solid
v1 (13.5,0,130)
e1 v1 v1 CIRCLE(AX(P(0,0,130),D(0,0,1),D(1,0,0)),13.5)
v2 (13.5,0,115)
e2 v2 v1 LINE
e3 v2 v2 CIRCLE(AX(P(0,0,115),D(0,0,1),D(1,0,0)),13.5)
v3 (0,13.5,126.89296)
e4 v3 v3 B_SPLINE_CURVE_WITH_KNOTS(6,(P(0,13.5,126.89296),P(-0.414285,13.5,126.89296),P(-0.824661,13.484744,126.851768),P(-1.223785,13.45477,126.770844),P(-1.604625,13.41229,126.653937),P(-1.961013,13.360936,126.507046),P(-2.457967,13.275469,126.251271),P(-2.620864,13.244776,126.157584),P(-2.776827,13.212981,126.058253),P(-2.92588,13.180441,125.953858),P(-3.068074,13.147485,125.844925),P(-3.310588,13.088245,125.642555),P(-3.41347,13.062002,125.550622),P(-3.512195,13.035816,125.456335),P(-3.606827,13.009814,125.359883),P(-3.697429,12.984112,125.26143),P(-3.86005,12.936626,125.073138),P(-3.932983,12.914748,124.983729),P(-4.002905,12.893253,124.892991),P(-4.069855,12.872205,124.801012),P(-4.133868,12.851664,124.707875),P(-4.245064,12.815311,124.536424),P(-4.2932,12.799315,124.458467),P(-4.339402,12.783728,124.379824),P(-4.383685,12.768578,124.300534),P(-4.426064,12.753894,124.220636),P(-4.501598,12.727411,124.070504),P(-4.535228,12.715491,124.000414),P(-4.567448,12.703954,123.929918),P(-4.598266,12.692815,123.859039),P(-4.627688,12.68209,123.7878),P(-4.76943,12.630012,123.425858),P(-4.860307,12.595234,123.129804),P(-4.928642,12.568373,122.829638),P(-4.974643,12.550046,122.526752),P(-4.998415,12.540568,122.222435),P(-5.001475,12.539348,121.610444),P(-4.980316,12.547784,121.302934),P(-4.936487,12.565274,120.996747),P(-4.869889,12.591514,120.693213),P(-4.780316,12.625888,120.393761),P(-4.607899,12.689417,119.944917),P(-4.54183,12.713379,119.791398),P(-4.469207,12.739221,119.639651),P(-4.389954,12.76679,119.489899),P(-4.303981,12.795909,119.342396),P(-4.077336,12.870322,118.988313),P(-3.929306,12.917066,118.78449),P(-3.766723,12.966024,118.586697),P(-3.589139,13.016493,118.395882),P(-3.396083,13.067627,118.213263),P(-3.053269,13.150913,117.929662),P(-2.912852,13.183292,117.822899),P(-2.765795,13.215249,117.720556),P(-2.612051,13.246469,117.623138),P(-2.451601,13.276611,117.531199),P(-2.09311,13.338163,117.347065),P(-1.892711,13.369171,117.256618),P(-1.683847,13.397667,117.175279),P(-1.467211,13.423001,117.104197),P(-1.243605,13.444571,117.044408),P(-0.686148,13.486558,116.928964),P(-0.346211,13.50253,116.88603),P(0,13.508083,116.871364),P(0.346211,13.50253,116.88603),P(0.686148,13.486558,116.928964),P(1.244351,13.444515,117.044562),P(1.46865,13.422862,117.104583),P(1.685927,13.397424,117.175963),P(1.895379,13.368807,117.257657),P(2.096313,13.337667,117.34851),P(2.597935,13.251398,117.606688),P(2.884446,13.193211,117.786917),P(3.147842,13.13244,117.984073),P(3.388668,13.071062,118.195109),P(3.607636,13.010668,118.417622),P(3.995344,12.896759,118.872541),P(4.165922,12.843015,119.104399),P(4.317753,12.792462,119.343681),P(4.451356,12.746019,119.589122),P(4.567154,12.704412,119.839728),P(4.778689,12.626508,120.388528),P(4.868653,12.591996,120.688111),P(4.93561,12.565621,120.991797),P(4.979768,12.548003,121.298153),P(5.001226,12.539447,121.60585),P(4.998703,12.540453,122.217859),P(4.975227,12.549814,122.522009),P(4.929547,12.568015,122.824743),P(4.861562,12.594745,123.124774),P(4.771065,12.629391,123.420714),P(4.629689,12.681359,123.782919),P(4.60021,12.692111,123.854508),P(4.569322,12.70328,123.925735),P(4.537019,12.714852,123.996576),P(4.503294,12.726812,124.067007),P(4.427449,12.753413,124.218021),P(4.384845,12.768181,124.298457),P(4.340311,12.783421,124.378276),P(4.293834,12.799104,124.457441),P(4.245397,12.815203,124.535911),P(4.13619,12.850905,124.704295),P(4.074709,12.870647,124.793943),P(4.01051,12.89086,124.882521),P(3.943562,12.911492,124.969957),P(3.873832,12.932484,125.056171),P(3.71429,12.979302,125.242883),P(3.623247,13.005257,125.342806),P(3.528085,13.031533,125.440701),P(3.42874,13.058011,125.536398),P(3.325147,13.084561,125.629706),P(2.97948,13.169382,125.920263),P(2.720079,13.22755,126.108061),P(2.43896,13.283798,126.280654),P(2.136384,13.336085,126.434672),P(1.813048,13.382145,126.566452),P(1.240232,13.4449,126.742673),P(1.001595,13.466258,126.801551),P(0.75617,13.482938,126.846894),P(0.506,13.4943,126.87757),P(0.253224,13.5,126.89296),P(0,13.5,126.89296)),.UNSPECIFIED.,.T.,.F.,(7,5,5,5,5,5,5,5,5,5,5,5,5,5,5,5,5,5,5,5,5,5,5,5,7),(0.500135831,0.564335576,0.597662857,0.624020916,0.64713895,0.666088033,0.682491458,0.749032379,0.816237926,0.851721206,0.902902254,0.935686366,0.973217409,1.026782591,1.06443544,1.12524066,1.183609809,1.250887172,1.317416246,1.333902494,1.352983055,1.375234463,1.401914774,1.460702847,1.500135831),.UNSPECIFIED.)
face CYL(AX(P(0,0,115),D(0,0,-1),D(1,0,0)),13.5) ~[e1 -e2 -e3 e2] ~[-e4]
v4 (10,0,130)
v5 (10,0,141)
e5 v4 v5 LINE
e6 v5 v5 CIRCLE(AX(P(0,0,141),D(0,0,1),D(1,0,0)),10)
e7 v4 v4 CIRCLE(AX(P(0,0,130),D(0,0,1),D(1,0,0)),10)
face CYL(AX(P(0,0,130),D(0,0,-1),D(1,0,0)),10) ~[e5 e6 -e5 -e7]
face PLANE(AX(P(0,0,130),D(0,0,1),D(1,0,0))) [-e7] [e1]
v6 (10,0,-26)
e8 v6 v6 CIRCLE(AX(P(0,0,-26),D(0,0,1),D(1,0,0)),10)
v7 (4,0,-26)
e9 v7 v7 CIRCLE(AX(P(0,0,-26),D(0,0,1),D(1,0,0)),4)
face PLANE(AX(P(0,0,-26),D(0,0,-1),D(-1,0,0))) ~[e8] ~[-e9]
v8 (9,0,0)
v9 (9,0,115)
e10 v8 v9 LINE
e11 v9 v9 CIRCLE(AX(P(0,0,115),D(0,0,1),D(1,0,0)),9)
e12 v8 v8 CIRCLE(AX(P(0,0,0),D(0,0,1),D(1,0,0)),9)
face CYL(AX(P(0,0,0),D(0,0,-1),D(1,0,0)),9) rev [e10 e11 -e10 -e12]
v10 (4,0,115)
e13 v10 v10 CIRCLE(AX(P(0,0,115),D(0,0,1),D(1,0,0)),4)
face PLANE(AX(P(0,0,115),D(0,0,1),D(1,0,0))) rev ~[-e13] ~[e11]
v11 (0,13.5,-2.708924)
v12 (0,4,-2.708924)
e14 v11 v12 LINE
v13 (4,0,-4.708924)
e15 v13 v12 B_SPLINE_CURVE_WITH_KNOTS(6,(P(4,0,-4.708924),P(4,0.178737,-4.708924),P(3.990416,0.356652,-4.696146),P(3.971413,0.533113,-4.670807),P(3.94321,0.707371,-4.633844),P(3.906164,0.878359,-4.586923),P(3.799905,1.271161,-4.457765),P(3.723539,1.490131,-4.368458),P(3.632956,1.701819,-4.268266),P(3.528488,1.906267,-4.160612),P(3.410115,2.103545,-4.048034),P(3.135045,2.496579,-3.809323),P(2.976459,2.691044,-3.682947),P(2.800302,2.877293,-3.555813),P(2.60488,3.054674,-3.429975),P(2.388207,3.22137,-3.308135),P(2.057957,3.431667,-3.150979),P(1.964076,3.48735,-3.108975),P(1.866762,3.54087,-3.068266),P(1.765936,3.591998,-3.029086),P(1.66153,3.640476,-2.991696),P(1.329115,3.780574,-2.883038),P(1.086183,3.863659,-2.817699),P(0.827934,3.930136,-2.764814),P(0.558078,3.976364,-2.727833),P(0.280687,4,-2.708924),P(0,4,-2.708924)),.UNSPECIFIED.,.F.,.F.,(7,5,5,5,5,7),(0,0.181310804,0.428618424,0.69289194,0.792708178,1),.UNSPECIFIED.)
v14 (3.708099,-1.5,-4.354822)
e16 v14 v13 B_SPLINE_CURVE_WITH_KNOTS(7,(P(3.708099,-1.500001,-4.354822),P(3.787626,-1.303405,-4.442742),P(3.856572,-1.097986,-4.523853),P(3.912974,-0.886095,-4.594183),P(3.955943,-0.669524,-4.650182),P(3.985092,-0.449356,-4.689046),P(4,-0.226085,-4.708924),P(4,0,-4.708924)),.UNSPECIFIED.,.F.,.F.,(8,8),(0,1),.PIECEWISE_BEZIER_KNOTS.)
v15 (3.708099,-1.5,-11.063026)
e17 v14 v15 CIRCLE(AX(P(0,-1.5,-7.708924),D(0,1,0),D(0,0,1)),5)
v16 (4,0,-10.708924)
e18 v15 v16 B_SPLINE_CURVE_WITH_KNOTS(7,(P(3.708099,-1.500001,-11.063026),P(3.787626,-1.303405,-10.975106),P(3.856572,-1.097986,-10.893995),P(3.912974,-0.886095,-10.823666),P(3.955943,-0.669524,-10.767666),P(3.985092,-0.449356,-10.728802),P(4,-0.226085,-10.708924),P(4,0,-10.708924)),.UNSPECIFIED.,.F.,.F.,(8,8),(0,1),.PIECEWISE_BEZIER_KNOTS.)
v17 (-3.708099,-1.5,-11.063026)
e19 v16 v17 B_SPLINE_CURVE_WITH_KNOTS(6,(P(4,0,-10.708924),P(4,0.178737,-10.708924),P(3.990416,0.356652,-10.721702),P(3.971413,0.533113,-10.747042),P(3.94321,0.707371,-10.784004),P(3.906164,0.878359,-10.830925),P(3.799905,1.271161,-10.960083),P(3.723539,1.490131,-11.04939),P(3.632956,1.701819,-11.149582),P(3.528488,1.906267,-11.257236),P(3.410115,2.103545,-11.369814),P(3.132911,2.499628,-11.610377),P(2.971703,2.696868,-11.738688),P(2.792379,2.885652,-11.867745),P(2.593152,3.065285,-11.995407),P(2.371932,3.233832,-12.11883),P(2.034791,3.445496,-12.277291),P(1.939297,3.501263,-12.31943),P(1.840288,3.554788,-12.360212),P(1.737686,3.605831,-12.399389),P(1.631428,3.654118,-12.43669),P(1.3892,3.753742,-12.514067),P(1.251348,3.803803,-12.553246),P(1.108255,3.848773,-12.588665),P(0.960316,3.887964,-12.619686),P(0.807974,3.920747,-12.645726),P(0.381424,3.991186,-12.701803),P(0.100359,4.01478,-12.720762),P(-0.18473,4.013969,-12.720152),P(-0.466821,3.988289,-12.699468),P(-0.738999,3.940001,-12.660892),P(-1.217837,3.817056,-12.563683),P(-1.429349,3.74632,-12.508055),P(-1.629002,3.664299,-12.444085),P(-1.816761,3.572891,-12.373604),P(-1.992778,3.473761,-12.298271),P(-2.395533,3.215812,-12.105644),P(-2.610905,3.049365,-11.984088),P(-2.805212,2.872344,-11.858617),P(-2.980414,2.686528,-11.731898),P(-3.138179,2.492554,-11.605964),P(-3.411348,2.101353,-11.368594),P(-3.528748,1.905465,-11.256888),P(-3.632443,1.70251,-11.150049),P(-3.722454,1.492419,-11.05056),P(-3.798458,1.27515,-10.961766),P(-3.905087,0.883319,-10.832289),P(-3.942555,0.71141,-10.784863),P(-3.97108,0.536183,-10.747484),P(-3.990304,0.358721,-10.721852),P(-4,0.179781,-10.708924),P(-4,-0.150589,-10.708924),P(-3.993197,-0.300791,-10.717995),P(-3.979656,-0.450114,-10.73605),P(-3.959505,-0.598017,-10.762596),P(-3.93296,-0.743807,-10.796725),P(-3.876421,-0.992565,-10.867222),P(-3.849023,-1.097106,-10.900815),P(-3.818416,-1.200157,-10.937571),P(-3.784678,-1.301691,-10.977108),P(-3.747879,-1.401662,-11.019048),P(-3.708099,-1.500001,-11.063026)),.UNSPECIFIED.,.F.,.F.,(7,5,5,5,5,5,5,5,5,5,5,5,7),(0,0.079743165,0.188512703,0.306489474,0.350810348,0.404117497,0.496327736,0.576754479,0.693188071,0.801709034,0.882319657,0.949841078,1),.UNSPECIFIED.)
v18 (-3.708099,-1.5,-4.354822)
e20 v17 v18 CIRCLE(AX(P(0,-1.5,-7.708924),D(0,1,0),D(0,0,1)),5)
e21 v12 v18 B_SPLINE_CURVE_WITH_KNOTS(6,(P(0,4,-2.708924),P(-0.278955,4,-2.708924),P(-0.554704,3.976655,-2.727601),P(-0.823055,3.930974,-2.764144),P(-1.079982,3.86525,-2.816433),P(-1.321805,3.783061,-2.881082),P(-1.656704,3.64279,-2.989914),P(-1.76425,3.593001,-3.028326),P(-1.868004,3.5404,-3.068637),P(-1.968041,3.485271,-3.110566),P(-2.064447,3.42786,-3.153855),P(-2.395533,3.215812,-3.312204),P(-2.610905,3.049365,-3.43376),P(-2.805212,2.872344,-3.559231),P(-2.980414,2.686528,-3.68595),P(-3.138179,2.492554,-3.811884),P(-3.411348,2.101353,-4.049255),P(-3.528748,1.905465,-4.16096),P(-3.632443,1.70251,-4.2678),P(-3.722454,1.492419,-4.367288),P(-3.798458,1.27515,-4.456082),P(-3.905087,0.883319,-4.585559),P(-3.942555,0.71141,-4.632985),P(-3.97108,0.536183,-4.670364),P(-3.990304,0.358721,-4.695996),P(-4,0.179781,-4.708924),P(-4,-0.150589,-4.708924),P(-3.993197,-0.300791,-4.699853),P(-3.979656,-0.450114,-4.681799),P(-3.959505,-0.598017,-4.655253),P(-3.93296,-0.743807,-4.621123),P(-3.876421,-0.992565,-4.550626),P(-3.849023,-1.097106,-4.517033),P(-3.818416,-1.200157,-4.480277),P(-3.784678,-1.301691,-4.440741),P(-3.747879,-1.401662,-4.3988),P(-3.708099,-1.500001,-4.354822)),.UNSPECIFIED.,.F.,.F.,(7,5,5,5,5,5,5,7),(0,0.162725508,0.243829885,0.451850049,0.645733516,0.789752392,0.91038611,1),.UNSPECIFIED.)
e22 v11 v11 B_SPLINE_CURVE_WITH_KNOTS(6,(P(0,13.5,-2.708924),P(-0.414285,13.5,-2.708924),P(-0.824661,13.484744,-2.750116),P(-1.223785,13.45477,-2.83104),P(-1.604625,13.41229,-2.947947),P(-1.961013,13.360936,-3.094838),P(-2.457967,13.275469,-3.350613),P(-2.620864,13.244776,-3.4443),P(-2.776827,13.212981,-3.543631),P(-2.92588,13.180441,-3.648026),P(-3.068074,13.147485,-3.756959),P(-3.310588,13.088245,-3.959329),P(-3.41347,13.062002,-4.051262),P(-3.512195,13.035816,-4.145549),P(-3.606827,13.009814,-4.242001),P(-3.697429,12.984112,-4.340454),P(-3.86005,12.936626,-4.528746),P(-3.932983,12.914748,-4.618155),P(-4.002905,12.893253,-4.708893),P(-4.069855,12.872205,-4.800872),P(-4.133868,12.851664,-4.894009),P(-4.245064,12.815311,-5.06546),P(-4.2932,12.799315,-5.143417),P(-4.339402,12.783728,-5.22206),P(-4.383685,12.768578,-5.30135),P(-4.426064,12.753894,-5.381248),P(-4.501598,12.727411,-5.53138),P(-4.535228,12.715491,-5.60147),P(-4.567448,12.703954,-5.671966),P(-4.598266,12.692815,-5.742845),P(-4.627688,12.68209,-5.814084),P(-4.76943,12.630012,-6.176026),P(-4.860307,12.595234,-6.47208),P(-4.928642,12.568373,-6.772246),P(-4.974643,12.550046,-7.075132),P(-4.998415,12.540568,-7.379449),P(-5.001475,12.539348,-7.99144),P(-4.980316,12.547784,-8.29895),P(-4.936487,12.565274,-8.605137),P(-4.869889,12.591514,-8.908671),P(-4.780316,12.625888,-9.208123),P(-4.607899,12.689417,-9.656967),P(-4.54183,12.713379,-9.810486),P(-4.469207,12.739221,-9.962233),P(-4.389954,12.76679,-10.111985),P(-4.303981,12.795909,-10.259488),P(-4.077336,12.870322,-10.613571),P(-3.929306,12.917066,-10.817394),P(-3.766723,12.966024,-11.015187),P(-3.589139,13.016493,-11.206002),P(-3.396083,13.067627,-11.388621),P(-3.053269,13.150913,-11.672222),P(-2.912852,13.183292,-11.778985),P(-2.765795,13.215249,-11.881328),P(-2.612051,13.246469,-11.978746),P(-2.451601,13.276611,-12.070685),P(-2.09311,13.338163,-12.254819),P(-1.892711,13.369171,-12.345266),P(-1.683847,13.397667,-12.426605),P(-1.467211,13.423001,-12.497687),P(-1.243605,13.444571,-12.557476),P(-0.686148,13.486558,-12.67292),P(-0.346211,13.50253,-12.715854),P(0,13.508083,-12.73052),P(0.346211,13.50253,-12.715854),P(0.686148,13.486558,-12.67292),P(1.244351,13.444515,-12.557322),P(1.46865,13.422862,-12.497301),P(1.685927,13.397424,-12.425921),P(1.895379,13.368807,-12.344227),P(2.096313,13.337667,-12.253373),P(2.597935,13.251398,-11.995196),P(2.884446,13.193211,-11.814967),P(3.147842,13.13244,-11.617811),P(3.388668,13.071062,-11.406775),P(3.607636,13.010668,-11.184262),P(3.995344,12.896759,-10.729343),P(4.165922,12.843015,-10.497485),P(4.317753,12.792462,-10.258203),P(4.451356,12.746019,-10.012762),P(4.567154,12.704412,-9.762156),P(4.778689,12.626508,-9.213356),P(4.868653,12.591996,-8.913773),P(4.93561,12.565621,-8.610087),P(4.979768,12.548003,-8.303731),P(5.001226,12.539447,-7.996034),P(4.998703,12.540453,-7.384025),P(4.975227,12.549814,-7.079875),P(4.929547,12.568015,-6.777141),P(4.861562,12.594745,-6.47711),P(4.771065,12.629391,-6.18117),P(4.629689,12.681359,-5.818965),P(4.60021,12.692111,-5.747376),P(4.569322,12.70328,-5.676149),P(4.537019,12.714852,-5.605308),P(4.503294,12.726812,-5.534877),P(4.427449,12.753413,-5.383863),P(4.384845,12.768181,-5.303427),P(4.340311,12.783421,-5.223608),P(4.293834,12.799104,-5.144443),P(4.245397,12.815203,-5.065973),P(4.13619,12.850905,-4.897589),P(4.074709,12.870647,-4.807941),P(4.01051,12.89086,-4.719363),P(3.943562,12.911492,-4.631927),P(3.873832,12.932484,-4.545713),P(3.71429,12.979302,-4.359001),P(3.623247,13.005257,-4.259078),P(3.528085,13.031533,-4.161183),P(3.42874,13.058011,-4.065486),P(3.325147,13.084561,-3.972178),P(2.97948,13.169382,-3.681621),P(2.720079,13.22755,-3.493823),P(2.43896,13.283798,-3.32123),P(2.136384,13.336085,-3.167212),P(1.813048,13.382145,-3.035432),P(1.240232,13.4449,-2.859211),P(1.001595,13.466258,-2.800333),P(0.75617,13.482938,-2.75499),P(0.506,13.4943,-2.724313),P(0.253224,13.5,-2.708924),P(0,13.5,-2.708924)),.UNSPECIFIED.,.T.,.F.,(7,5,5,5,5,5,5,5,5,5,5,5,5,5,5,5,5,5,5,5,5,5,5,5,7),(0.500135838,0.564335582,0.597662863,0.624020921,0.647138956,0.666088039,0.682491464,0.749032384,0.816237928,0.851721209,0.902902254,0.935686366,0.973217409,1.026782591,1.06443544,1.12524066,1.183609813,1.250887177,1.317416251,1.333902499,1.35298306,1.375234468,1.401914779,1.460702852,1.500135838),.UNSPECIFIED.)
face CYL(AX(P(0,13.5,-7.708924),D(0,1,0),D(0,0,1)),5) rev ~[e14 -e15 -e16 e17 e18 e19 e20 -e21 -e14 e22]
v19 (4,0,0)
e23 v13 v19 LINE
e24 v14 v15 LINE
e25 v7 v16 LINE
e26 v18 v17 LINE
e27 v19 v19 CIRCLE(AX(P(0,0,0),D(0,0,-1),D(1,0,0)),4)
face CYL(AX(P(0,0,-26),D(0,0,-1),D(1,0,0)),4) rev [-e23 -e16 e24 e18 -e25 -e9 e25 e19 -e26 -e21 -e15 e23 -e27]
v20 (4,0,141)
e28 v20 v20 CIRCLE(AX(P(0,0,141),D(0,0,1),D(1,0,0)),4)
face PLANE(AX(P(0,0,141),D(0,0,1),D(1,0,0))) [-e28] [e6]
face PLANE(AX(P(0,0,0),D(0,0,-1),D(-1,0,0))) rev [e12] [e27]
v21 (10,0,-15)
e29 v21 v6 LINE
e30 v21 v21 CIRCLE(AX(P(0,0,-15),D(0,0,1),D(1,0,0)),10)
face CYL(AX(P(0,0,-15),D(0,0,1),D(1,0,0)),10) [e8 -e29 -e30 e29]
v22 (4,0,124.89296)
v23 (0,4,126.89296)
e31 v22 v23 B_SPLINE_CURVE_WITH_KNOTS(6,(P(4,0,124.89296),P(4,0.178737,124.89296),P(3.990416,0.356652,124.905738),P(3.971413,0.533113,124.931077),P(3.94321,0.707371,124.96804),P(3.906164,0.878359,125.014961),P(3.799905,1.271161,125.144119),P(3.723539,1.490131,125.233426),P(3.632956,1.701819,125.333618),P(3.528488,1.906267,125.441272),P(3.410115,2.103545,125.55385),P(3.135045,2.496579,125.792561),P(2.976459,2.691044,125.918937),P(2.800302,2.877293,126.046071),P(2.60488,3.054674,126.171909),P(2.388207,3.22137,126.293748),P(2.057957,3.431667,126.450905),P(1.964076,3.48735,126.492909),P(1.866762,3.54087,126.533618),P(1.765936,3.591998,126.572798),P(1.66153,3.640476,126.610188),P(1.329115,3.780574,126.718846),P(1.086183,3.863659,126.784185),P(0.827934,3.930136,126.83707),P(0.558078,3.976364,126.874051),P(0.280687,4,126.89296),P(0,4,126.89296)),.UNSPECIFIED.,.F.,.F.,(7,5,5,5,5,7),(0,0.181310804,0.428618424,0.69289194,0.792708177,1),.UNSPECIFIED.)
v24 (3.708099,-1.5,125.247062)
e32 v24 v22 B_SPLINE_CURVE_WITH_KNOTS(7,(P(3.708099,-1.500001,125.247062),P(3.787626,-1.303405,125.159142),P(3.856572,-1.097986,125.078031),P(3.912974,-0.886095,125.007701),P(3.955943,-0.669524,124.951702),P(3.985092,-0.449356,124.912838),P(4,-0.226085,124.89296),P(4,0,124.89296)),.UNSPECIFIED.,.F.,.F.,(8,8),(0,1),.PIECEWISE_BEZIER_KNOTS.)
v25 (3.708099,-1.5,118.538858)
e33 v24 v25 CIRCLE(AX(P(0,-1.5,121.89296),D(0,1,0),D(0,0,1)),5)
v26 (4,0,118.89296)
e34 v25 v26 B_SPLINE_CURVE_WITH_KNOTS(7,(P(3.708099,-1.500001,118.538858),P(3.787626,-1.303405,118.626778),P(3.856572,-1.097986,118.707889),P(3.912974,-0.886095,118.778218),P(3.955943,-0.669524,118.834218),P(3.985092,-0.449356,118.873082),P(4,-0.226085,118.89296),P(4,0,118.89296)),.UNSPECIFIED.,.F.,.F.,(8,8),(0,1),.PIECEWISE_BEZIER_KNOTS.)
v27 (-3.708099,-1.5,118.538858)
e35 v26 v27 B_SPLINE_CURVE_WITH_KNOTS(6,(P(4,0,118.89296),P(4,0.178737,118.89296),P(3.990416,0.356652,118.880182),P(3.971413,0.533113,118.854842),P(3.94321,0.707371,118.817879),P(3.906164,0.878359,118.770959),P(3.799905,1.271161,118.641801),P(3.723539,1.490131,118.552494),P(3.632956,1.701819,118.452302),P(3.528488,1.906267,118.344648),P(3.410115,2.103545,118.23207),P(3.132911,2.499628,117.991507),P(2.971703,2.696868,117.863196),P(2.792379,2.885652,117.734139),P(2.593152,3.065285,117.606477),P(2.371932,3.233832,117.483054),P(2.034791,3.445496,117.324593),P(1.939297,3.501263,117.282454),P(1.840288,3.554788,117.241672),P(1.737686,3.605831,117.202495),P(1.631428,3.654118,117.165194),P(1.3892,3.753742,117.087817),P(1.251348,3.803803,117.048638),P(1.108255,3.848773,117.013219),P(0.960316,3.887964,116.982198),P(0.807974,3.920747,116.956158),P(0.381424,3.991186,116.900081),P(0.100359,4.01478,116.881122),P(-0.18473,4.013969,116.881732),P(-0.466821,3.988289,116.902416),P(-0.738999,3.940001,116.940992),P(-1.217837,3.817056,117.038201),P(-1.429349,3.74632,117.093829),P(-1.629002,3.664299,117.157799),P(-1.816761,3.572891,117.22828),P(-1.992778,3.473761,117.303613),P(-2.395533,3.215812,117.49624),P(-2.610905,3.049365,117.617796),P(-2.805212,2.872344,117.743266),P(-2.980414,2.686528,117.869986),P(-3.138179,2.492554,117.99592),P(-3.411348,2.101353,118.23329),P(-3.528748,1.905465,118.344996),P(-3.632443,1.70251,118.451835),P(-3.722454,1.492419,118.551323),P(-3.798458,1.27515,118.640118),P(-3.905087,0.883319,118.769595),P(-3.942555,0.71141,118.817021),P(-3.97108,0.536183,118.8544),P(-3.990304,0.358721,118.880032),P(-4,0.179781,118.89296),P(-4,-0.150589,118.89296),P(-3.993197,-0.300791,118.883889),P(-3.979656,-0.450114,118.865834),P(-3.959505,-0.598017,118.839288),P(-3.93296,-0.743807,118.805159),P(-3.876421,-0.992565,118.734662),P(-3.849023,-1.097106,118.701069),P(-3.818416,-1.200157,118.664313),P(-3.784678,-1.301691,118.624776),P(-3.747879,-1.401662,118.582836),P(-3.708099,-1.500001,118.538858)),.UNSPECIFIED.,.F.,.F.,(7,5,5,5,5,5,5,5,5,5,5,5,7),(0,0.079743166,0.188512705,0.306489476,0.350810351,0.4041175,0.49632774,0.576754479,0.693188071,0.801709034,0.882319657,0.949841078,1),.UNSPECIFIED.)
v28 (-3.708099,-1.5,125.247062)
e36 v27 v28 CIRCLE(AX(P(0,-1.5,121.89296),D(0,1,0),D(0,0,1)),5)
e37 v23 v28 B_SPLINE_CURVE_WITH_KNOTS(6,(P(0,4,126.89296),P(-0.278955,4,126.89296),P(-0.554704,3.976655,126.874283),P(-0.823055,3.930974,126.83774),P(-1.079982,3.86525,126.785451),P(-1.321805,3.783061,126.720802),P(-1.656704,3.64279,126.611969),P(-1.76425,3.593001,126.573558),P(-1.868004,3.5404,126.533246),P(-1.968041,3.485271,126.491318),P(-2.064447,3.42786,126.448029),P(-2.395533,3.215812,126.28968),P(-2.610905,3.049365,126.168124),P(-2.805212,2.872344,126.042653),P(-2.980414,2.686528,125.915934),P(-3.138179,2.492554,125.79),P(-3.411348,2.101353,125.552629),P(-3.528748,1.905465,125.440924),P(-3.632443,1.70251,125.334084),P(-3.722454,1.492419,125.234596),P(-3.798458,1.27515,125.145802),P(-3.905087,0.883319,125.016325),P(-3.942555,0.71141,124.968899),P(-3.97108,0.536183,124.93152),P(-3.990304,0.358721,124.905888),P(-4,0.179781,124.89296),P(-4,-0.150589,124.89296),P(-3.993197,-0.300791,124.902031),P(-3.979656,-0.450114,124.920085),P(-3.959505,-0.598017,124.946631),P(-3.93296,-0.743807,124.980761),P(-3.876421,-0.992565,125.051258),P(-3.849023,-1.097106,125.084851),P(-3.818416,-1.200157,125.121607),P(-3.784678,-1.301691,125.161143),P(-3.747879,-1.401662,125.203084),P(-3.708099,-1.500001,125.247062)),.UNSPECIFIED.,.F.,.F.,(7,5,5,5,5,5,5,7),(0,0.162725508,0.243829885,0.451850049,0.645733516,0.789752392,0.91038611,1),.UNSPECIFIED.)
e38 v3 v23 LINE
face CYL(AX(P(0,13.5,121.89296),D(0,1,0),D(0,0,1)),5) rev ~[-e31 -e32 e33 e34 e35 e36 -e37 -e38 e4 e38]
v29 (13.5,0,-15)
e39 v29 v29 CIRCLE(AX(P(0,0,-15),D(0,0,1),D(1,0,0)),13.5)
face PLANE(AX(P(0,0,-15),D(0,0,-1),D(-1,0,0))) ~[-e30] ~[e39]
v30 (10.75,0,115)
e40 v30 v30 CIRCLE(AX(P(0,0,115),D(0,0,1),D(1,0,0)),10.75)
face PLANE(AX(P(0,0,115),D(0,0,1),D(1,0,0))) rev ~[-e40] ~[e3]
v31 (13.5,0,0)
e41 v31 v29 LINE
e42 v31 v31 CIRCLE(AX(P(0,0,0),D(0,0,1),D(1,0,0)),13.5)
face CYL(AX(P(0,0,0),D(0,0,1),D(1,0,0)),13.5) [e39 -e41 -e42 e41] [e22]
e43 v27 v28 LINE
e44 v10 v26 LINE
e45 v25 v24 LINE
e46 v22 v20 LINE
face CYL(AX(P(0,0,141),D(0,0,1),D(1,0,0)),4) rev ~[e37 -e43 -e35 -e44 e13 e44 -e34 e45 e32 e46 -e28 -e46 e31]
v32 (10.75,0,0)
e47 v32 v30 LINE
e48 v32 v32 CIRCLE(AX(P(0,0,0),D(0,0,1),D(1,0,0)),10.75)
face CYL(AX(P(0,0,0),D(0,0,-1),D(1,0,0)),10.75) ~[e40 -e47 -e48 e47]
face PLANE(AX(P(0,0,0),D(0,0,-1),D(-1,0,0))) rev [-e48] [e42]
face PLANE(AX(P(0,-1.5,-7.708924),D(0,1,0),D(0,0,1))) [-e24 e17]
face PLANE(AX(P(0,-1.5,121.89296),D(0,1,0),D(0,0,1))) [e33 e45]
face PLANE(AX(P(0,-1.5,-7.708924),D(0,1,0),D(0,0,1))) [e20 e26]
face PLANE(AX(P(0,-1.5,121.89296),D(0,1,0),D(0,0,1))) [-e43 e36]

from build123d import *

# Parameters (mm, degrees)
SKETCH_1_R          = 10.75
SKETCH_1_R_2        = 9
EXTRUDE_1_DEPTH     = 115
SKETCH_2_R          = 13.5
EXTRUDE_2_DEPTH     = 15
SKETCH_3_R          = 10
EXTRUDE_3_DEPTH     = 11
SKETCH_4_R          = 4
CUT_EXTRUDE_4_DEPTH = 143.286682441
SKETCH_5_R          = 5
CUT_EXTRUDE_5_DEPTH = 15


with BuildPart() as part:
    # 草图1 → 拉伸1 (new body)
    with BuildSketch(Plane.XY):
        Circle(SKETCH_1_R)
        Circle(SKETCH_1_R_2, mode=Mode.SUBTRACT)
    extrude(amount=EXTRUDE_1_DEPTH)

    # 草图2 → 拉伸2 (add)
    with BuildSketch(Plane.XY.offset(115)):
        Circle(SKETCH_2_R)
    extrude_2 = extrude(amount=EXTRUDE_2_DEPTH)

    # 草图3 → 拉伸3 (add)
    with BuildSketch(Plane.XY.offset(130)):
        Circle(SKETCH_3_R)
    extrude_3 = extrude(amount=EXTRUDE_3_DEPTH)

    # 草图4 → 拉伸4 (cut, through all)
    with BuildSketch(Plane.XY.offset(141)):
        Circle(SKETCH_4_R)
    cut_extrude_4 = extrude(amount=-CUT_EXTRUDE_4_DEPTH, mode=Mode.SUBTRACT)

    # 镜向2: 拉伸2, 拉伸3, 拉伸4 across plane
    add(extrude_2.mirror(Plane(origin=(0, 0, 57.5), x_dir=(1, 0, 0), z_dir=(0, 0, -1))))
    add(extrude_3.mirror(Plane(origin=(0, 0, 57.5), x_dir=(1, 0, 0), z_dir=(0, 0, -1))))
    add(cut_extrude_4.mirror(Plane(origin=(0, 0, 57.5), x_dir=(1, 0, 0), z_dir=(0, 0, -1))), mode=Mode.SUBTRACT)

    # 草图5 → 拉伸5 (cut)
    with BuildSketch(Plane(origin=(0, 13.5, 0), x_dir=(-1, 0, 0), z_dir=(0, 1, 0))):
        with Locations(Location((0, 121.892959872, 0), (0, 0, 90))):
            Circle(SKETCH_5_R)
        with Locations(Location((0, -7.708924082, 0), (0, 0, 90))):
            Circle(SKETCH_5_R)
    extrude(amount=-CUT_EXTRUDE_5_DEPTH, mode=Mode.SUBTRACT)


solid = part.part
